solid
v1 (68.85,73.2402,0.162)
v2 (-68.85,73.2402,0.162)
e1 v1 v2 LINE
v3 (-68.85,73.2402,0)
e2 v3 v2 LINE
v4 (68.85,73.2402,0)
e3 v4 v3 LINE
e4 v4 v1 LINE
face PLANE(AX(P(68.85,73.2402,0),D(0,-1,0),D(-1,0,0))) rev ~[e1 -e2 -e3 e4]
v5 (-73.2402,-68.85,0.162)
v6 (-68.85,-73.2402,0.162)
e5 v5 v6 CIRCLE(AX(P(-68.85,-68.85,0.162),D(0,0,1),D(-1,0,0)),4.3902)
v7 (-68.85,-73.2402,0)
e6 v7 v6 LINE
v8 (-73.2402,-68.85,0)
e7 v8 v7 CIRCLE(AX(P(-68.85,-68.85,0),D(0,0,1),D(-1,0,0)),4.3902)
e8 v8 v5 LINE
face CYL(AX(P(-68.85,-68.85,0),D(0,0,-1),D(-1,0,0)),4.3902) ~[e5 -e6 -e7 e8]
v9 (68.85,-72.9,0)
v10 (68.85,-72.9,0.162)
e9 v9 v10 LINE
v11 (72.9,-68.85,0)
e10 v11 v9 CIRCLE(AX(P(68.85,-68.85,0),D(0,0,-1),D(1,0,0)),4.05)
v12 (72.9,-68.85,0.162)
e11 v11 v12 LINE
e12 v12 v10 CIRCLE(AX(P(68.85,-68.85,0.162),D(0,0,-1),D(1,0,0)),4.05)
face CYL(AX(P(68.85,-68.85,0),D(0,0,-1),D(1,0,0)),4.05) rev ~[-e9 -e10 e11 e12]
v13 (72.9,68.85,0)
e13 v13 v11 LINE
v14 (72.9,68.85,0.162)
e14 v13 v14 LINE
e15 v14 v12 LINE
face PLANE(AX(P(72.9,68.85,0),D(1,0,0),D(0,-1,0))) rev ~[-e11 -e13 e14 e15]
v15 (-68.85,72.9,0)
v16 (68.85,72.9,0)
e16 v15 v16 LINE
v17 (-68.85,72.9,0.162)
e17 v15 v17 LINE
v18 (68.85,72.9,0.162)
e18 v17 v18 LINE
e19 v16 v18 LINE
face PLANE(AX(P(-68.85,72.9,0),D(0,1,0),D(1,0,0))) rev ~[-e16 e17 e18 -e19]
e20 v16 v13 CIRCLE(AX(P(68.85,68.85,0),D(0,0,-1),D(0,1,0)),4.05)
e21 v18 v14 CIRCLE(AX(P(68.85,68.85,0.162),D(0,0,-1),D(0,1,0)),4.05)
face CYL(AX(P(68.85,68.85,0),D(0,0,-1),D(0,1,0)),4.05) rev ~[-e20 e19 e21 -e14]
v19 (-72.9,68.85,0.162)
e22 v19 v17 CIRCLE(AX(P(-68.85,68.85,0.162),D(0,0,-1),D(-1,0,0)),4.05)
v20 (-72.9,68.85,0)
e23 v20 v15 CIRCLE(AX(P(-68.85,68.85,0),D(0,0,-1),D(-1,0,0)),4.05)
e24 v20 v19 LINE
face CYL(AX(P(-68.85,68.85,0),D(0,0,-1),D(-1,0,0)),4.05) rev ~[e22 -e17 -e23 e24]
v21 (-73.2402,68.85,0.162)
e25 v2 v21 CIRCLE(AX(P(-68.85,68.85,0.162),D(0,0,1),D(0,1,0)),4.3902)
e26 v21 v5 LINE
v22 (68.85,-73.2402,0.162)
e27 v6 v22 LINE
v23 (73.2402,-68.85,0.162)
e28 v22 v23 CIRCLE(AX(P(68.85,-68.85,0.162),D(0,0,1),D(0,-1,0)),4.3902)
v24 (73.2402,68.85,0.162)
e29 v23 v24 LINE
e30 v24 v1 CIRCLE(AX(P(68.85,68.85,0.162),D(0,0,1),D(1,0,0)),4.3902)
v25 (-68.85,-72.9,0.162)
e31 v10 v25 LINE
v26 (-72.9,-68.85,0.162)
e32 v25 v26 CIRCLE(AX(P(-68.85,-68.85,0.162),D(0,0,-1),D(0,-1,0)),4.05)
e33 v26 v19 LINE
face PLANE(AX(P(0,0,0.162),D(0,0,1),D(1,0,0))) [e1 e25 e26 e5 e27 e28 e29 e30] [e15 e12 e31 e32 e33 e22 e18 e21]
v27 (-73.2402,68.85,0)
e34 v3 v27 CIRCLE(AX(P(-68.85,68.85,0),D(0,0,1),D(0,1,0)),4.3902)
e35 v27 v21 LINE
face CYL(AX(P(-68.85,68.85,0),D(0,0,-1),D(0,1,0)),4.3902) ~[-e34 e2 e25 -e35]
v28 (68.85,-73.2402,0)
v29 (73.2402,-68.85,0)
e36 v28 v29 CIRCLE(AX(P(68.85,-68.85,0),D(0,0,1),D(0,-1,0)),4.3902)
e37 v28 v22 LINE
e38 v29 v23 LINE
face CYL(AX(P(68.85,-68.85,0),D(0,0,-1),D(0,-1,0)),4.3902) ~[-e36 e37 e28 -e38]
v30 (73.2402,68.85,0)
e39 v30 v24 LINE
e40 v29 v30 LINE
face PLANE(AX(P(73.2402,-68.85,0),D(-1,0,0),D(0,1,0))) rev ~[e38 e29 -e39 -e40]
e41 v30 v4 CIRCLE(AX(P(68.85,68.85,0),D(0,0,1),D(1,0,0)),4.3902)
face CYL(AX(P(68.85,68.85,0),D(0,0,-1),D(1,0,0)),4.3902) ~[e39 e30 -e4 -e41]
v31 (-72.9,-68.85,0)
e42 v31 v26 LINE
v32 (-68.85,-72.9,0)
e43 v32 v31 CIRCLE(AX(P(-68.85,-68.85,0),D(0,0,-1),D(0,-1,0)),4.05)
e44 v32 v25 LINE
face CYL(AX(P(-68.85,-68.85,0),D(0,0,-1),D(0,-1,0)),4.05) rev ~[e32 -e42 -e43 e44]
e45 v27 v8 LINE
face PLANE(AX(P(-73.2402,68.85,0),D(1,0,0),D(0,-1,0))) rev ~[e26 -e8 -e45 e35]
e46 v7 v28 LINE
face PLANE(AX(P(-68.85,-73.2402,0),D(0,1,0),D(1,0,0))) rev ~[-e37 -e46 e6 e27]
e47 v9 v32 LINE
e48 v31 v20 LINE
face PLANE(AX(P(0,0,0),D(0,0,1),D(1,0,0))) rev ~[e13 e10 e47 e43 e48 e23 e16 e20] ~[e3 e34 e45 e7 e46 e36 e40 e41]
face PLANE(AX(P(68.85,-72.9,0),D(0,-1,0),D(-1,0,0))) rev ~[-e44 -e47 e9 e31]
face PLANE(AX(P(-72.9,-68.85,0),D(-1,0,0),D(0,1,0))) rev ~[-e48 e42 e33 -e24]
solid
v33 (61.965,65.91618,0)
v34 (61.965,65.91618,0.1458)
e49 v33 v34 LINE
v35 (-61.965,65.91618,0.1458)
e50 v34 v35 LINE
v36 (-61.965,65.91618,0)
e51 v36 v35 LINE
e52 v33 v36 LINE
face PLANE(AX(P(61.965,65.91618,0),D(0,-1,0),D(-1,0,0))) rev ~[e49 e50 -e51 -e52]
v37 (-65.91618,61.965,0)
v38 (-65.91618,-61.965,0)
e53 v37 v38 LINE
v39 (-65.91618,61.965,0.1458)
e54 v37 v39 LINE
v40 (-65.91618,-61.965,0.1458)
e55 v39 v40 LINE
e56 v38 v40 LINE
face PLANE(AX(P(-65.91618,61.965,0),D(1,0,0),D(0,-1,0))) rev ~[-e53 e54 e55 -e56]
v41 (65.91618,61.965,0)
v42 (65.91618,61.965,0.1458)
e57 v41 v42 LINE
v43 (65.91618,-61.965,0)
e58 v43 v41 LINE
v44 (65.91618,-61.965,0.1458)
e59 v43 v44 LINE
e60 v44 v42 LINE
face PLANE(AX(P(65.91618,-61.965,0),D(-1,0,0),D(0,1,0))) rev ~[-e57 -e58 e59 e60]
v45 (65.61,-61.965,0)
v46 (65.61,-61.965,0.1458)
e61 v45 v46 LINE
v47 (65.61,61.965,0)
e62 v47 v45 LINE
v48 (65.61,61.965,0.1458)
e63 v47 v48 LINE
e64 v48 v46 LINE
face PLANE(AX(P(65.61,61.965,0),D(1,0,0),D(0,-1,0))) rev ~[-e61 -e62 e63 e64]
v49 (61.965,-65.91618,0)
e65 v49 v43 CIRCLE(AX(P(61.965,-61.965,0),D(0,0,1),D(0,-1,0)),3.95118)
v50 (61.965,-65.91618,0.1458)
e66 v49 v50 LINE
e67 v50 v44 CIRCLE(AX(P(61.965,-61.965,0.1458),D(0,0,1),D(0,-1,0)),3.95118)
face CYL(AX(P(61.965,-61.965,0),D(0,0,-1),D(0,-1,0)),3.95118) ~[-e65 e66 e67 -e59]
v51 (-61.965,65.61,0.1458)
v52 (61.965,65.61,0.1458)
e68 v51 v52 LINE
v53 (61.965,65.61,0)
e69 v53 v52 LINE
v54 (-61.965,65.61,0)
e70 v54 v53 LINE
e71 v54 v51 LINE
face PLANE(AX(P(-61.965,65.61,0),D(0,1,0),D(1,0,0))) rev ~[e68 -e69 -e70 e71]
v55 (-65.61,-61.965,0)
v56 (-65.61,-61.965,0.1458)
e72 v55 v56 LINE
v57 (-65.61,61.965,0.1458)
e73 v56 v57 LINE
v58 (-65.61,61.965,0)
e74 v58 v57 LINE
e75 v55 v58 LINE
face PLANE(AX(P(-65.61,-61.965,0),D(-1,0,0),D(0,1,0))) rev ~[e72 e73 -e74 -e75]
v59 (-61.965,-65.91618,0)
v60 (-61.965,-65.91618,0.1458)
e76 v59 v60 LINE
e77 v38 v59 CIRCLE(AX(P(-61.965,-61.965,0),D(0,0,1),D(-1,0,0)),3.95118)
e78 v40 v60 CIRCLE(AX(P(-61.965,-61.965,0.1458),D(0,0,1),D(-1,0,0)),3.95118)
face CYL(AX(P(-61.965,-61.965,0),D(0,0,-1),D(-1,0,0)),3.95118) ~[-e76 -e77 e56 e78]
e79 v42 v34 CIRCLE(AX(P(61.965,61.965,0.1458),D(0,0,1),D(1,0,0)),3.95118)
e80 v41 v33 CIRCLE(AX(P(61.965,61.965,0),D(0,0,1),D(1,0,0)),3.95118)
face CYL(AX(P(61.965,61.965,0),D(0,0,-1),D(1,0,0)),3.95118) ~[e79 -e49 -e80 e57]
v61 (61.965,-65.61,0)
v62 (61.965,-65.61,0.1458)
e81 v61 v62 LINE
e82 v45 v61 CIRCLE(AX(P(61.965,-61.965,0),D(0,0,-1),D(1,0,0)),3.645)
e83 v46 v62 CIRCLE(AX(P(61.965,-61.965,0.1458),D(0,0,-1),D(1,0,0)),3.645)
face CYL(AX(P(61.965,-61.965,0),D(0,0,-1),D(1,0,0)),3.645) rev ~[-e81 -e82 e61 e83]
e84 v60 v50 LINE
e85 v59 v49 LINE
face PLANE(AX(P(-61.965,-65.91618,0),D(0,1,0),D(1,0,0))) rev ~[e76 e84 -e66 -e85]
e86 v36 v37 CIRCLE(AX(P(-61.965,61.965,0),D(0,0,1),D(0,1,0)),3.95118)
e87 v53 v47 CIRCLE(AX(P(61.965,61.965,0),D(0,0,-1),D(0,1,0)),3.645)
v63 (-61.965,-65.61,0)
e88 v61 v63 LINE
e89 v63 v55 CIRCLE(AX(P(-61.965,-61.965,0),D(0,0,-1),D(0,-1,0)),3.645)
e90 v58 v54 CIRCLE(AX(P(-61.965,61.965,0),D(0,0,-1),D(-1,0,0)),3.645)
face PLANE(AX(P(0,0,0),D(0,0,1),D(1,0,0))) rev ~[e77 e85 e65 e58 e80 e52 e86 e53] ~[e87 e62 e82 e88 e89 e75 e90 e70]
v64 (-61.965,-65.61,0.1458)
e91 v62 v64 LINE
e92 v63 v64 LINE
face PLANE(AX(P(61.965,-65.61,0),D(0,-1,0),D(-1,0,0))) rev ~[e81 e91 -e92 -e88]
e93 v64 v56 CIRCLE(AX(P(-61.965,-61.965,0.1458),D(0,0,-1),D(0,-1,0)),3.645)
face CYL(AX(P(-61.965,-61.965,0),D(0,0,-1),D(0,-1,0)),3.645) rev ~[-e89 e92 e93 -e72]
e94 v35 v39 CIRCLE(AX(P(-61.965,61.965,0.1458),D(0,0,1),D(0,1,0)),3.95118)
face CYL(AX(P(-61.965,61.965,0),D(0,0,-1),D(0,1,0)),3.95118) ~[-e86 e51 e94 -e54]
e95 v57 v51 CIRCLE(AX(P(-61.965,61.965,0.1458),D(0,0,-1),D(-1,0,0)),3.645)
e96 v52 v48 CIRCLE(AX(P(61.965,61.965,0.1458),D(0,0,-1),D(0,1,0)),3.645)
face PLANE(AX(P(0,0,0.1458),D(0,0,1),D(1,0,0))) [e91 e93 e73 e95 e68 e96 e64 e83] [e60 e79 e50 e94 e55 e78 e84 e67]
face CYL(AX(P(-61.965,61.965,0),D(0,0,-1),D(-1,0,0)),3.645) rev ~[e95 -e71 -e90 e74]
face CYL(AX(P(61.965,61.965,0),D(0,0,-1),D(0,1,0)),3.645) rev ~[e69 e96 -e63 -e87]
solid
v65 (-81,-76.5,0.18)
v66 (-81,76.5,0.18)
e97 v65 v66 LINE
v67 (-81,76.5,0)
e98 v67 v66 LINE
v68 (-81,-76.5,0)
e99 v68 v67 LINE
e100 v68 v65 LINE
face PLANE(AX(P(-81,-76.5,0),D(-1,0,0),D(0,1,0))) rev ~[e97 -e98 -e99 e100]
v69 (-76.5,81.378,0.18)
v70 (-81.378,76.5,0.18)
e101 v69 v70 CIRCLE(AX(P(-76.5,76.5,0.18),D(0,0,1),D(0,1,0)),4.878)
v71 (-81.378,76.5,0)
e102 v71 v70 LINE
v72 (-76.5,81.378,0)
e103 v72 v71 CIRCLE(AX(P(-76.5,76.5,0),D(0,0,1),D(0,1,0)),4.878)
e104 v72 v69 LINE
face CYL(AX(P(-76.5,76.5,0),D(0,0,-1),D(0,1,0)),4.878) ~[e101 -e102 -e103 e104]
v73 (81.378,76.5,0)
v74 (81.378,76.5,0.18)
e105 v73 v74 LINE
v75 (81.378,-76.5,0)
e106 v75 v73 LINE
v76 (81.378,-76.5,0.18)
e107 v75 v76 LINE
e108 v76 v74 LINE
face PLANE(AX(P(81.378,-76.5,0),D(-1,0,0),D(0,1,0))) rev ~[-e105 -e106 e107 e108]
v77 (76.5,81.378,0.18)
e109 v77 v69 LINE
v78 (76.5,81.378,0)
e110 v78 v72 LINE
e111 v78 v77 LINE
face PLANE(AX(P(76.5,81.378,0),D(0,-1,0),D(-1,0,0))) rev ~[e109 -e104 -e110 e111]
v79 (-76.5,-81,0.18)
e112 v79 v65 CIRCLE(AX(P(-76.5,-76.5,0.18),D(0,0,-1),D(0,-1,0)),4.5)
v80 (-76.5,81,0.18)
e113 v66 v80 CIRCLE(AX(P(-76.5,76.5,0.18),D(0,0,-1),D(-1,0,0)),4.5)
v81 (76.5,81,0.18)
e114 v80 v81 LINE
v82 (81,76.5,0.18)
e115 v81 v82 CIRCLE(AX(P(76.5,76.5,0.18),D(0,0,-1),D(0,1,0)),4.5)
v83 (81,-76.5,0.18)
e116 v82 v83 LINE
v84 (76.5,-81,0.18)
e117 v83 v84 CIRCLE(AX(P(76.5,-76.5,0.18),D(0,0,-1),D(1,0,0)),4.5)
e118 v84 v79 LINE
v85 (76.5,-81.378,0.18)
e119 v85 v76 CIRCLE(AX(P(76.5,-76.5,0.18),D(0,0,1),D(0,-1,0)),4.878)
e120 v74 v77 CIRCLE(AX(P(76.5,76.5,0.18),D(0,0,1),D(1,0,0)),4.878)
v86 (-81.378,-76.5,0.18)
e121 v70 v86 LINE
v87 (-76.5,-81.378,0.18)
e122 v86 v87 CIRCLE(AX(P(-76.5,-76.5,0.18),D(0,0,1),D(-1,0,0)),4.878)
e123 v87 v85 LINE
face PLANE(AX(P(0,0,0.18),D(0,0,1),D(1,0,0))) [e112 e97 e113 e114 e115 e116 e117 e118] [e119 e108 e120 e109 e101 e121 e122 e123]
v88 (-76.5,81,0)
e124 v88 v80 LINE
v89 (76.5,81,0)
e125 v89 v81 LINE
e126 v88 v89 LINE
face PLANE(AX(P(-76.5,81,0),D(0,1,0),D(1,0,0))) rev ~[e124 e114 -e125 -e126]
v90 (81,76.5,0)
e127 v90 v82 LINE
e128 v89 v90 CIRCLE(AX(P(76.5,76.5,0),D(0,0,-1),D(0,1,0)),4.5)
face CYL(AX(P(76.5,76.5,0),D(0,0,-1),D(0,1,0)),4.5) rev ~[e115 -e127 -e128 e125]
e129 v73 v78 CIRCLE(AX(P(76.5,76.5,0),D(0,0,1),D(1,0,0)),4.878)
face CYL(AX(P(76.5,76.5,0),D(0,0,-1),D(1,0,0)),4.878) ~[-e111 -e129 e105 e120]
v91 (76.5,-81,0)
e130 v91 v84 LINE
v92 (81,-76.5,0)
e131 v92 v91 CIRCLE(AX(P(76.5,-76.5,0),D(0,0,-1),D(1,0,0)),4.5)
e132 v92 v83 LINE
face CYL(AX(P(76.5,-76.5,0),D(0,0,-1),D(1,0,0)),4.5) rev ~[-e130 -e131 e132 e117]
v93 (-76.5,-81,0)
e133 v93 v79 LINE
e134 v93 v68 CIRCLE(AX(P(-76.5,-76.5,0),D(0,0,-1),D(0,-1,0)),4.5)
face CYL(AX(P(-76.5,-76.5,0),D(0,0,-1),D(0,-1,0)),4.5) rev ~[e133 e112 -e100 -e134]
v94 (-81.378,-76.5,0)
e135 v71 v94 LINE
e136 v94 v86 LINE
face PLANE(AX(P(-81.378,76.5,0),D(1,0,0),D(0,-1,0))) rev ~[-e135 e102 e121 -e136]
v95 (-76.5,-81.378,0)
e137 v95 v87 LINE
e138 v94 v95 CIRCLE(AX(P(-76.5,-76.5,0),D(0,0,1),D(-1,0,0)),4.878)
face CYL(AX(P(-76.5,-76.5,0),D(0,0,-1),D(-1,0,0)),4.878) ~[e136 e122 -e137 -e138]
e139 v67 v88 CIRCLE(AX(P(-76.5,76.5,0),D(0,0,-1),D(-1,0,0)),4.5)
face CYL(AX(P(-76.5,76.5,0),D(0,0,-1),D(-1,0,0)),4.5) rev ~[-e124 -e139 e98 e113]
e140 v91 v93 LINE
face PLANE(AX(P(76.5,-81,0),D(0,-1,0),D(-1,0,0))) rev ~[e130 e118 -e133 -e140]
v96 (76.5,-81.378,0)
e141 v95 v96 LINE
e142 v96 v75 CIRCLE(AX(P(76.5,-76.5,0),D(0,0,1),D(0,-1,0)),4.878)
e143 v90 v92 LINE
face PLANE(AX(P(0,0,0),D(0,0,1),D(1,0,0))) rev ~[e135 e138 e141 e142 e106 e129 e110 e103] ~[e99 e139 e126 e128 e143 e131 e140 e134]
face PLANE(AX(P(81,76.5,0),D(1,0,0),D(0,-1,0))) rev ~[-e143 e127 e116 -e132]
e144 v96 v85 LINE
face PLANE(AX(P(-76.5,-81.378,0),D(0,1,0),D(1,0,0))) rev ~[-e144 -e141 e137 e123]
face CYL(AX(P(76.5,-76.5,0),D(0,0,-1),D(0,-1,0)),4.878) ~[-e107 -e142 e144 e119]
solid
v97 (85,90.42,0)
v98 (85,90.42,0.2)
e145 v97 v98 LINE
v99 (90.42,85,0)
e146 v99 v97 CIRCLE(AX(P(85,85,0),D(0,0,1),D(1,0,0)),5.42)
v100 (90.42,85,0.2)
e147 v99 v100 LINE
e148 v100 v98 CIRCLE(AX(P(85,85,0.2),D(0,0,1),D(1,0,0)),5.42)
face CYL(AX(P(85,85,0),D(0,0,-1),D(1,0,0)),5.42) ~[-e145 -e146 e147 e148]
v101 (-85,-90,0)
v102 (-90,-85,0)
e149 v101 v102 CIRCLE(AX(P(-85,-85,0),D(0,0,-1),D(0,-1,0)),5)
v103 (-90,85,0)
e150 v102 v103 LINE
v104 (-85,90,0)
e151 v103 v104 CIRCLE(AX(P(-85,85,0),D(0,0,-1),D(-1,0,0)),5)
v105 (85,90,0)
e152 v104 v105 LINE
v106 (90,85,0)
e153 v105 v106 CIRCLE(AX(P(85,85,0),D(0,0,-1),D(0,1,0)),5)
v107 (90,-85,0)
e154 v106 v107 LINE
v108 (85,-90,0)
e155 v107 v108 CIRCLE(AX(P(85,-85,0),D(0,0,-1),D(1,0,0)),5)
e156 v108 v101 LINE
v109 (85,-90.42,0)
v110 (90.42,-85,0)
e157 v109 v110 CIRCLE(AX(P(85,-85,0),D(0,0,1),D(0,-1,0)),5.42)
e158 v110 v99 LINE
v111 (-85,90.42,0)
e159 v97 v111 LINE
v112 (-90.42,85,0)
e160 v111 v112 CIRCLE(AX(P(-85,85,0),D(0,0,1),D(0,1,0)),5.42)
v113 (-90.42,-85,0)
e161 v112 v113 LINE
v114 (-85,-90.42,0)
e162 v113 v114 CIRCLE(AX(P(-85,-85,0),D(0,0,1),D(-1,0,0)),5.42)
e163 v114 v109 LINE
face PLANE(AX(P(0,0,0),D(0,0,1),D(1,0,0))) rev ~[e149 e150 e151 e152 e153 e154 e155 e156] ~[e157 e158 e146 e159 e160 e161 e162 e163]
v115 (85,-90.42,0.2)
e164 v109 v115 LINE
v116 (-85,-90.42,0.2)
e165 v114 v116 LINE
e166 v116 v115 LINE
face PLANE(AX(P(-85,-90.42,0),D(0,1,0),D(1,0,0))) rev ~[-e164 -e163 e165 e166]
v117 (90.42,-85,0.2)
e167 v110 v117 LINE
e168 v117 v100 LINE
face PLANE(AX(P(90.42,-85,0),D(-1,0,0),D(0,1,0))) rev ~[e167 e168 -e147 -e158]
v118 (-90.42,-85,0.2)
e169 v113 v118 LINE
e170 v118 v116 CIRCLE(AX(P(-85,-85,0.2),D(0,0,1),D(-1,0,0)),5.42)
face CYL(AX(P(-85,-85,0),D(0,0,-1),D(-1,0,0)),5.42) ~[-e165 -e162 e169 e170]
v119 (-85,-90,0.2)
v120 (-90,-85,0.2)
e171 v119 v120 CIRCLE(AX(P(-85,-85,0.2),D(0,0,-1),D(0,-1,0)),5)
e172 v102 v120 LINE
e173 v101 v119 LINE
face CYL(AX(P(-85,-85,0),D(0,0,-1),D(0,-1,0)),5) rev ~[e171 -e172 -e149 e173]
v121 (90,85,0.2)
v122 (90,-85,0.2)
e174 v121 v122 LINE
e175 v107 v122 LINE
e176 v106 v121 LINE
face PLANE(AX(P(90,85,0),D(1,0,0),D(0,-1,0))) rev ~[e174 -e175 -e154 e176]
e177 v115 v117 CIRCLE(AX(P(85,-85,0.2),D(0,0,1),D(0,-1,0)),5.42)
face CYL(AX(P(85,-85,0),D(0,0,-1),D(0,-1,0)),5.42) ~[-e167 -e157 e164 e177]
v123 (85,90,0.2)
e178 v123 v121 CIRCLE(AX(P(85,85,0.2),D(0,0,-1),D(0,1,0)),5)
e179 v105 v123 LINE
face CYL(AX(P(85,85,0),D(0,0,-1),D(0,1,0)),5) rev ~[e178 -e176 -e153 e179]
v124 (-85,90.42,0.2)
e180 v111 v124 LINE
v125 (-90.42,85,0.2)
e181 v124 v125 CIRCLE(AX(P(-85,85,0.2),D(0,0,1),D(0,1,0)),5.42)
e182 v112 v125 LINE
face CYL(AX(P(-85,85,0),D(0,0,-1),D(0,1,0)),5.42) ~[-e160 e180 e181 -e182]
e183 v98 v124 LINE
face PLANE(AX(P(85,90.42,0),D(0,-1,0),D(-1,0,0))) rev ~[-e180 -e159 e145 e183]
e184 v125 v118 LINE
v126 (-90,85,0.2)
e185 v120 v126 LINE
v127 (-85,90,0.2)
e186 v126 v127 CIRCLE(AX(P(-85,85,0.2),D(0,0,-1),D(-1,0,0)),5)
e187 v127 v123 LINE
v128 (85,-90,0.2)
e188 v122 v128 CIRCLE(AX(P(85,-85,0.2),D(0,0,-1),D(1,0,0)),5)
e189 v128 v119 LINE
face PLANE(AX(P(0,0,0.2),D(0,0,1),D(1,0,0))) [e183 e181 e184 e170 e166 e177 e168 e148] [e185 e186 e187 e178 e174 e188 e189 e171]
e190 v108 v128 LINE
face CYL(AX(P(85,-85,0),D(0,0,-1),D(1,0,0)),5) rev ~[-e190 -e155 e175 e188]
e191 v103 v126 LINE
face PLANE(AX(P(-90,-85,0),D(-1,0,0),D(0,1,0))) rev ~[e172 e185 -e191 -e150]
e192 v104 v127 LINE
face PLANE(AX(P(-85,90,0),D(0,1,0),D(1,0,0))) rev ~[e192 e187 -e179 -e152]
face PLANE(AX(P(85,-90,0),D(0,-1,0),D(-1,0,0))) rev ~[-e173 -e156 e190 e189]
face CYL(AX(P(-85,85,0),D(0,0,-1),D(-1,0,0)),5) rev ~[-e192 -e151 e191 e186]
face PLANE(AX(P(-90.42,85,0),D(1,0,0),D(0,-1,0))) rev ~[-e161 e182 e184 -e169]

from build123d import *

# Parameters (mm, degrees)
F1_DEPTH = 0.2
F2_SCALE = 0.9
F3_SCALE = 0.9
F4_SCALE = 0.9


with BuildPart() as f1:
    # F0 (on Top) → F1 (new body)
    with BuildSketch(Plane.XY):
        with BuildLine():
            Line((90.42, -85), (90.42, 85))
            ThreePointArc((90.42, 85), (88.832518754, 88.832518754), (85, 90.42))
            Line((85, 90.42), (-85, 90.42))
            ThreePointArc((-85, 90.42), (-88.832518754, 88.832518754), (-90.42, 85))
            Line((-90.42, 85), (-90.42, -85))
            ThreePointArc((-90.42, -85), (-88.832518754, -88.832518754), (-85, -90.42))
            Line((-85, -90.42), (85, -90.42))
            ThreePointArc((85, -90.42), (88.832518754, -88.832518754), (90.42, -85))
        make_face()
        with BuildLine():
            Line((-85, 90), (85, 90))
            ThreePointArc((85, 90), (88.5355339059, 88.5355339059), (90, 85))
            Line((90, 85), (90, -85))
            ThreePointArc((90, -85), (88.5355339059, -88.5355339059), (85, -90))
            Line((85, -90), (-85, -90))
            ThreePointArc((-85, -90), (-88.5355339059, -88.5355339059), (-90, -85))
            Line((-90, -85), (-90, 85))
            ThreePointArc((-90, 85), (-88.5355339059, 88.5355339059), (-85, 90))
        make_face(mode=Mode.SUBTRACT)
    extrude(amount=F1_DEPTH)


with BuildPart() as f2_1:
    # F2: copy of F1
    add(f1.part.scale(F2_SCALE))


with BuildPart() as f3_1:
    # F3: copy of F2_1
    add(f2_1.part.scale(F3_SCALE))


with BuildPart() as f4_1:
    # F4: copy of F3_1
    add(f3_1.part.scale(F4_SCALE))


solid = Compound([f1.part, f2_1.part, f3_1.part, f4_1.part])
